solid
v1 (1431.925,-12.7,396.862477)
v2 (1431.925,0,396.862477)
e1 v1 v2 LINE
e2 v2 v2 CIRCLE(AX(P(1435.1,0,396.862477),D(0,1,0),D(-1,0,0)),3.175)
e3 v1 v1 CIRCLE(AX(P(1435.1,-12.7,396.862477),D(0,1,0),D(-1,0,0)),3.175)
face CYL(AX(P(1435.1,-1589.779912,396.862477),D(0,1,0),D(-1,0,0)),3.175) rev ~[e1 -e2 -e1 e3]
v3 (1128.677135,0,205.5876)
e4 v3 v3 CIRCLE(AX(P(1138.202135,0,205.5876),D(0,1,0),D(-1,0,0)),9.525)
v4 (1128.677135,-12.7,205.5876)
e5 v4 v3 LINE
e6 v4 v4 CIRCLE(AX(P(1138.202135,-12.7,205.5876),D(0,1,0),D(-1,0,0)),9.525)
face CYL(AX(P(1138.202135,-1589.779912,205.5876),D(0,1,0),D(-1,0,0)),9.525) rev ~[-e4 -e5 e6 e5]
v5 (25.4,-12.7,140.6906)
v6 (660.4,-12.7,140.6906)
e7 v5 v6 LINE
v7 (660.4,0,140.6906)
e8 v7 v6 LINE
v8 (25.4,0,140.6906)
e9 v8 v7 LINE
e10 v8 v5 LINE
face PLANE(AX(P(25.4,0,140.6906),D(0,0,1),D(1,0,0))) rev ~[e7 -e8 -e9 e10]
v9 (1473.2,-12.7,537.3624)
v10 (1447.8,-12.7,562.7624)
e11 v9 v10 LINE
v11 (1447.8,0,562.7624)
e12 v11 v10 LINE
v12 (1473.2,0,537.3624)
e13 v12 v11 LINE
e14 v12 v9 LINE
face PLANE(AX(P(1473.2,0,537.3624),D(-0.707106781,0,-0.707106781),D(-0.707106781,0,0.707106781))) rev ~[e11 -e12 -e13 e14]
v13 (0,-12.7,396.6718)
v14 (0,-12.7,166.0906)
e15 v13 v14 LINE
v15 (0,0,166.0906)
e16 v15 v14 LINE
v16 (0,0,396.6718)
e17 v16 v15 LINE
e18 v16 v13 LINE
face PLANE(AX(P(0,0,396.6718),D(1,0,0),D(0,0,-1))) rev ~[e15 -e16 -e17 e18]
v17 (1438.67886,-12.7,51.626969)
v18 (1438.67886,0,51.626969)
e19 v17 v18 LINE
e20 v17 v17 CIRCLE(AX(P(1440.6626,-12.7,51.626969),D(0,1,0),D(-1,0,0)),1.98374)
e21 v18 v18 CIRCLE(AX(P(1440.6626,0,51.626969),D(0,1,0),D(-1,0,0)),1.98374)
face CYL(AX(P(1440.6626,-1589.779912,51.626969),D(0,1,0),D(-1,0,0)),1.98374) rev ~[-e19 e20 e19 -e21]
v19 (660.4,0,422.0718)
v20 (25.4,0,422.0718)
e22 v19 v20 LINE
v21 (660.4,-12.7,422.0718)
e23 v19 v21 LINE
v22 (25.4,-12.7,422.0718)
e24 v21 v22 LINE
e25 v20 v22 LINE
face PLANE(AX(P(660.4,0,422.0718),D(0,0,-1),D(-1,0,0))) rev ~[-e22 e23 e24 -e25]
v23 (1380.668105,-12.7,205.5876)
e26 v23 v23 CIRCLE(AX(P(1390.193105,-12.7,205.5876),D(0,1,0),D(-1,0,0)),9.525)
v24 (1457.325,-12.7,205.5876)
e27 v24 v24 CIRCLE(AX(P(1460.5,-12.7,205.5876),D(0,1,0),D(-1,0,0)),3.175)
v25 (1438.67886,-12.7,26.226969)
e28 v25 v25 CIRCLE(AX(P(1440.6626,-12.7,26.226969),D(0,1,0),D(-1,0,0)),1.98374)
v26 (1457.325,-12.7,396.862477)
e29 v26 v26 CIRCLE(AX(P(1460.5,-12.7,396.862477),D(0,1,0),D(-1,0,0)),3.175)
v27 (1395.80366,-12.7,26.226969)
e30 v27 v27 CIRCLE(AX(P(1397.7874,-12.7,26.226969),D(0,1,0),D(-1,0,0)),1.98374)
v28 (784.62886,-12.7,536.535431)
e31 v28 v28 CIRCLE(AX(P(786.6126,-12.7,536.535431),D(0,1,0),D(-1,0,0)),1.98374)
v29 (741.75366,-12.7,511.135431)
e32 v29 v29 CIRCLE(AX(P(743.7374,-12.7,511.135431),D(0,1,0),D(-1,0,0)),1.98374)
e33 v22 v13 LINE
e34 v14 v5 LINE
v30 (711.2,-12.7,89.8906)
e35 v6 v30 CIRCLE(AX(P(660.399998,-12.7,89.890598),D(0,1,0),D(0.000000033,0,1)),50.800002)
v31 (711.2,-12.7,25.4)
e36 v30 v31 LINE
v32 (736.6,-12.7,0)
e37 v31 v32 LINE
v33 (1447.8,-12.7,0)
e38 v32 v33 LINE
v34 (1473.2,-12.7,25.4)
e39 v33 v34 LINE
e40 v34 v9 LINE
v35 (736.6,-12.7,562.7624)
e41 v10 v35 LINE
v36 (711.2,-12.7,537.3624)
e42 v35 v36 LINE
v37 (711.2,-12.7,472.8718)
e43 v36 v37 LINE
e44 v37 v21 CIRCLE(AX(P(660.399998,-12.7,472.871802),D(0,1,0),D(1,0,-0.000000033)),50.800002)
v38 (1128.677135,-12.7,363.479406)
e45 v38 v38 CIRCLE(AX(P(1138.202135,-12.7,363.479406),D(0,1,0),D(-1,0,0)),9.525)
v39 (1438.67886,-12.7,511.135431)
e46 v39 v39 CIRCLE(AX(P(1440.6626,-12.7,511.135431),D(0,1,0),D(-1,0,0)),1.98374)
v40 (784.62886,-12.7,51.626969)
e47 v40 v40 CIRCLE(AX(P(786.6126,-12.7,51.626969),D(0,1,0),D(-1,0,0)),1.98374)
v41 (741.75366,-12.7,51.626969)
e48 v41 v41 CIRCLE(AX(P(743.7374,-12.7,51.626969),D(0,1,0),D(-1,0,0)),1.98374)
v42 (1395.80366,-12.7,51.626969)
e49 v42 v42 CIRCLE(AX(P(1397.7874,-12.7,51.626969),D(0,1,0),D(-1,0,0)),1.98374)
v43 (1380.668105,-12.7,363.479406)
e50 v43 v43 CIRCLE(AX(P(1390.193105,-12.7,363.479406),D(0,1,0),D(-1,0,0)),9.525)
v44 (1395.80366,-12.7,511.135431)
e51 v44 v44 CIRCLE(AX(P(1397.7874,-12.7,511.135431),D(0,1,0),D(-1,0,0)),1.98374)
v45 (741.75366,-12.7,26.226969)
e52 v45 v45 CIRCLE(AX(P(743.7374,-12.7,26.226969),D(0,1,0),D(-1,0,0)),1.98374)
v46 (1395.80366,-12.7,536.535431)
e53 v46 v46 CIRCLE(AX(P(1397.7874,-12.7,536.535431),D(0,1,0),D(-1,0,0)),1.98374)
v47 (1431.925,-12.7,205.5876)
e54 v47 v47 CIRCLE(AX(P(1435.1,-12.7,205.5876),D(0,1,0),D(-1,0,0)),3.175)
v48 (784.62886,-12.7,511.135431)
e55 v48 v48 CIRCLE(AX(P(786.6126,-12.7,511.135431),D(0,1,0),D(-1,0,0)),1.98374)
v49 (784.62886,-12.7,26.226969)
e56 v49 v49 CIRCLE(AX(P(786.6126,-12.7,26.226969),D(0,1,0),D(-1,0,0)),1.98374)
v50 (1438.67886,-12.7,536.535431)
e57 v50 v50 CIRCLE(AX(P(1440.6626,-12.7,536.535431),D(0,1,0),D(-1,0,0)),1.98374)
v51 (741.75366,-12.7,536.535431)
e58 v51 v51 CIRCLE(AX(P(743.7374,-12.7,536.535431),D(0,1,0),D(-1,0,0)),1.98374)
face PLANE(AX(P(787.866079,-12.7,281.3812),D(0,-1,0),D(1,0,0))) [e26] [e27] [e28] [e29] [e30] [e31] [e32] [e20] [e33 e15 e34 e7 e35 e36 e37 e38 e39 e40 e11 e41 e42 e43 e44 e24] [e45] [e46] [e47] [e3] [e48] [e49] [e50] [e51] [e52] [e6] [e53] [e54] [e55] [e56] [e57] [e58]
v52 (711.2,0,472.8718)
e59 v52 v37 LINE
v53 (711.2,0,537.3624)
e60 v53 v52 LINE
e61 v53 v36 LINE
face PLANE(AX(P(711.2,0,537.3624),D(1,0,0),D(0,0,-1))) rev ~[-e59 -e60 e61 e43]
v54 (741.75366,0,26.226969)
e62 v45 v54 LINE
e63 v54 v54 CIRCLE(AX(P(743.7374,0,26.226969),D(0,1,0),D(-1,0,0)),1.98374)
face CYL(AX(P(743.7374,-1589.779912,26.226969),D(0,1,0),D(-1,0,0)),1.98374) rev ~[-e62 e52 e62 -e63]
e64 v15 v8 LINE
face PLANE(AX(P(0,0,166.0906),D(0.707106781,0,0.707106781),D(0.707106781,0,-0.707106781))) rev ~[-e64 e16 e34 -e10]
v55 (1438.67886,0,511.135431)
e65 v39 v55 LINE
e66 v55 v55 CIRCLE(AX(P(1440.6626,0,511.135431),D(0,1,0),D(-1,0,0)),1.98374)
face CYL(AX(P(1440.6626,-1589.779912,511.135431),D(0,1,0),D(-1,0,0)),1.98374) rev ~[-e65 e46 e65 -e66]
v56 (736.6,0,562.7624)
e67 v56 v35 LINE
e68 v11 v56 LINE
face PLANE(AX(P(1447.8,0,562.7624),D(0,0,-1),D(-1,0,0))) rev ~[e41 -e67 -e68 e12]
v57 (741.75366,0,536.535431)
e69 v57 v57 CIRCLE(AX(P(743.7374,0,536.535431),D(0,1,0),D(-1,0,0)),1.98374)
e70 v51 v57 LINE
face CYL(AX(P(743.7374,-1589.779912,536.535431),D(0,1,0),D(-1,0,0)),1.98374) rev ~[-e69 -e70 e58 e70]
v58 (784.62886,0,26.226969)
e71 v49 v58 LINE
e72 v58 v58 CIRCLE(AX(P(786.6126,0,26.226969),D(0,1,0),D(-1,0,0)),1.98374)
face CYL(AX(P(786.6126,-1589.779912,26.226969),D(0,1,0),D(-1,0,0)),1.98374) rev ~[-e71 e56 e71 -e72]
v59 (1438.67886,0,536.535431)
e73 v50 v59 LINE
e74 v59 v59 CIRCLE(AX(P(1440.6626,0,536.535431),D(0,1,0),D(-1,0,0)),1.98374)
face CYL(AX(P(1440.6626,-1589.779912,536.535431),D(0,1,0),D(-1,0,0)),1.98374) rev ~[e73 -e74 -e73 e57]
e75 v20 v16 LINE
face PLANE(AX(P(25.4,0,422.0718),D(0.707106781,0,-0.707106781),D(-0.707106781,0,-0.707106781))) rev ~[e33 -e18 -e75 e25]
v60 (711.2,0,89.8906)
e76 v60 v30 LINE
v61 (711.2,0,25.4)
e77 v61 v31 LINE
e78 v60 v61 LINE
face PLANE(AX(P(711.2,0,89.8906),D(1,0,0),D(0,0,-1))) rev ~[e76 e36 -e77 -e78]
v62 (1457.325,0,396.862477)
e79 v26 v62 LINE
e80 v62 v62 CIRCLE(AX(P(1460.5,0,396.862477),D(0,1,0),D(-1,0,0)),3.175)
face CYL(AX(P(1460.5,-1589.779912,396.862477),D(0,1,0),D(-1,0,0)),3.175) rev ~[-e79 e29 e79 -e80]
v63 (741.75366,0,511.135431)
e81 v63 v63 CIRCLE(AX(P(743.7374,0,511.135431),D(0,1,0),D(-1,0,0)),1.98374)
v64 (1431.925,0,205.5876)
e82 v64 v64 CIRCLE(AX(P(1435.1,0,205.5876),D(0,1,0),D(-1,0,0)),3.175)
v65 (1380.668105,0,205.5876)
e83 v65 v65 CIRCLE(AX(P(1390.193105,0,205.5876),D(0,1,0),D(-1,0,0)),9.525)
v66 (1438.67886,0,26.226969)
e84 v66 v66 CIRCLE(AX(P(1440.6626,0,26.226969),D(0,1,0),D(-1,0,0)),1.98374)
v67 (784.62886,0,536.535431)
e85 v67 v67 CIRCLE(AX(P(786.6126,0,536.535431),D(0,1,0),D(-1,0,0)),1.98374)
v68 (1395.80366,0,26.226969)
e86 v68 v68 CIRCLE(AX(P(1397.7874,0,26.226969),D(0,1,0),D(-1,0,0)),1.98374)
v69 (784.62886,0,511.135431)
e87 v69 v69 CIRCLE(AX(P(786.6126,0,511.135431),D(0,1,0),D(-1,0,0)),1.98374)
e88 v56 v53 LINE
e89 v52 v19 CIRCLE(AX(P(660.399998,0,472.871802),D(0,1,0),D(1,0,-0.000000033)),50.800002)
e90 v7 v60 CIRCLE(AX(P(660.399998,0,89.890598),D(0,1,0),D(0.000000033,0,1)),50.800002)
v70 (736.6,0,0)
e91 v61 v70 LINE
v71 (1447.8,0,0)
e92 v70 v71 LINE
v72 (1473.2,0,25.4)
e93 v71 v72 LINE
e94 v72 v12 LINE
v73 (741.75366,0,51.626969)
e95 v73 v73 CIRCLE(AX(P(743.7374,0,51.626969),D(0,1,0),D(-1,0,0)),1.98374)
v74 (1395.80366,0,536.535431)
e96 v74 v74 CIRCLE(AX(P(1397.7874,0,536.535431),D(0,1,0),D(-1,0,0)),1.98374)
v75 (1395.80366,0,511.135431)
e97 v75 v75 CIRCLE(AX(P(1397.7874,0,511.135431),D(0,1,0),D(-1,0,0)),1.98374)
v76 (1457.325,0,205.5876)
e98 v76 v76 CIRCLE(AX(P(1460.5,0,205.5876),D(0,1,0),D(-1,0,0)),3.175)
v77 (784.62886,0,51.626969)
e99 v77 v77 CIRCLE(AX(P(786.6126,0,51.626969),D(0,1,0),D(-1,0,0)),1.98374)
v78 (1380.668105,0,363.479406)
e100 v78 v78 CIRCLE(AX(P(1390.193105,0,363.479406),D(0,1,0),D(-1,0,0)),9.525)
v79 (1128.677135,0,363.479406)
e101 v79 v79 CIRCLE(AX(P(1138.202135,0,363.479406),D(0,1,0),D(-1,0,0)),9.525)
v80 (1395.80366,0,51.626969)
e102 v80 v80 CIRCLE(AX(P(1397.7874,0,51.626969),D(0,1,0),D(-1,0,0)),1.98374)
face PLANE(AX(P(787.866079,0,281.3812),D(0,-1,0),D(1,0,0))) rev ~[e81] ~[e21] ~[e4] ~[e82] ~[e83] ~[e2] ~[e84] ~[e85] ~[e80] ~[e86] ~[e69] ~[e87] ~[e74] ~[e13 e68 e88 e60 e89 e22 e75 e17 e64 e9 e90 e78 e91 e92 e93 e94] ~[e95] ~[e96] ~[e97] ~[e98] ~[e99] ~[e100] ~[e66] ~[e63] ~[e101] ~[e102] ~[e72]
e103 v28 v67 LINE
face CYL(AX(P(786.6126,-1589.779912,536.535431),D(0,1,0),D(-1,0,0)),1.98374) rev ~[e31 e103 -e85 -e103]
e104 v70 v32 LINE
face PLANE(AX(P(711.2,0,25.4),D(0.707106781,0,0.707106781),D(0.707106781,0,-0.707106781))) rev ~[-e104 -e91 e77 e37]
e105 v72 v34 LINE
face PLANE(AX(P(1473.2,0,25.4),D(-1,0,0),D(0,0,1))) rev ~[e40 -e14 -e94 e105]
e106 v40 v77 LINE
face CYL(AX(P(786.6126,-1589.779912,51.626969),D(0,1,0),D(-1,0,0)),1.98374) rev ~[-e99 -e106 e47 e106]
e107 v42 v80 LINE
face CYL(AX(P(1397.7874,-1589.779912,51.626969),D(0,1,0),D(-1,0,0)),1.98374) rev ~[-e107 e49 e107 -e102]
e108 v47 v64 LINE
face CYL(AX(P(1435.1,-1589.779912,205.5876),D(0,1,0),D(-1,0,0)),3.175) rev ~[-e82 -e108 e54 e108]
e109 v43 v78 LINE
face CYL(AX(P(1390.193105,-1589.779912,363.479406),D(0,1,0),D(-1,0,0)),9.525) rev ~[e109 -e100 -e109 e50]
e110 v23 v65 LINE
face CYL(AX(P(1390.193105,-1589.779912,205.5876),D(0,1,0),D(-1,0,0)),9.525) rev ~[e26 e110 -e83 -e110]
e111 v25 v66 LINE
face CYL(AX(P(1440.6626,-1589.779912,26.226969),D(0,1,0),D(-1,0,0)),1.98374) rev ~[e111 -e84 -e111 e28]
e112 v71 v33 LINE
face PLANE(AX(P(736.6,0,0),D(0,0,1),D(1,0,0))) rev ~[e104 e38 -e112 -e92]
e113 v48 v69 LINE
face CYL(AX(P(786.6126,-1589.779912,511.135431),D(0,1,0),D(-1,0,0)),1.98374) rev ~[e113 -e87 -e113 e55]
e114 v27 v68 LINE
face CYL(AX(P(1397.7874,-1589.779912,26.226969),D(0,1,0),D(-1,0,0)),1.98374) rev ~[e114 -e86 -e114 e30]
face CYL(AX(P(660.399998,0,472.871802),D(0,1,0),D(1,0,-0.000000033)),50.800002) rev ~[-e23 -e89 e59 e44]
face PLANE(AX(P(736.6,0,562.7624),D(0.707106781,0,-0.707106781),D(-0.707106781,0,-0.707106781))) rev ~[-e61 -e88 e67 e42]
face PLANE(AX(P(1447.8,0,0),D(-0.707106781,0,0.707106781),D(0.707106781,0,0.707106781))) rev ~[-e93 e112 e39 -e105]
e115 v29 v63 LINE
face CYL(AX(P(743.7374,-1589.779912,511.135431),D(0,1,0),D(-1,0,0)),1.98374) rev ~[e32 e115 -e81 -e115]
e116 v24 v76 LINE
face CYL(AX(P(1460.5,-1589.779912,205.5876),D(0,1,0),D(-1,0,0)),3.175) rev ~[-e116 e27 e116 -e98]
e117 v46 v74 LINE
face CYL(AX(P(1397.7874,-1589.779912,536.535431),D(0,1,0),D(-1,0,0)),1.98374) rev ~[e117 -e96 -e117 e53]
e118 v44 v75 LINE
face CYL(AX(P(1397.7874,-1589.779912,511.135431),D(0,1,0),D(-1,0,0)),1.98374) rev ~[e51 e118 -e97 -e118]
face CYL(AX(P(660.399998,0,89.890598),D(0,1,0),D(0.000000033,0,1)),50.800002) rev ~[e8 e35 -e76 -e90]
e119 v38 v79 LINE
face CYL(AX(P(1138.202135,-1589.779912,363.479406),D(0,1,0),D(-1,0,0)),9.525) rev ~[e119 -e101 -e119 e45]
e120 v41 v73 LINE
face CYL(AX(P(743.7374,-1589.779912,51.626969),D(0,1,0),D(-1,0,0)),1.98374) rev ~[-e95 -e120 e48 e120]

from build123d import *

# Parameters (mm, degrees)
F1_DEPTH = 12.7
F3_D     = 19.05
F5_D     = 6.35
F7_D     = 3.96748


with BuildPart() as f1:
    # F0 (on Front) → F1 (new body)
    with BuildSketch(Plane.XZ):
        with BuildLine():
            Line((711.2, 25.4), (736.6, 0))
            Line((736.6, 0), (1447.8, 0))
            Line((1447.8, 0), (1473.2, 25.4))
            Line((1473.2, 25.4), (1473.2, 537.3624))
            Line((1473.2, 537.3624), (1447.8, 562.7624))
            Line((1447.8, 562.7624), (736.6, 562.7624))
            Line((736.6, 562.7624), (711.2, 537.3624))
            Line((711.2, 537.3624), (711.2, 472.8718))
            ThreePointArc((711.2, 472.8718), (696.321024, 436.950776), (660.4, 422.0718))
            Line((660.4, 422.0718), (25.4, 422.0718))
            Line((25.4, 422.0718), (0, 396.6718))
            Line((0, 396.6718), (0, 166.0906))
            Line((0, 166.0906), (25.4, 140.6906))
            Line((25.4, 140.6906), (660.4, 140.6906))
            ThreePointArc((660.4, 140.6906), (696.321024, 125.811624), (711.2, 89.8906))
            Line((711.2, 89.8906), (711.2, 25.4))
        make_face()
    extrude(amount=F1_DEPTH)

    # F3 (through all)
    with Locations(Plane.XZ.offset(12.7)):
        with Locations((1138.202135, 363.479406), (1138.202135, 205.5876), (1390.193105, 205.5876), (1390.193105, 363.479406)):
            Hole(F3_D / 2)

    # F5 (through all)
    with Locations(Plane.XZ.offset(12.7)):
        with Locations((1435.1, 396.862477), (1460.5, 396.862477), (1435.1, 205.5876), (1460.5, 205.5876)):
            Hole(F5_D / 2)

    # F7 (through all)
    with Locations(Plane.XZ.offset(12.7)):
        with Locations((743.7374, 536.535431), (743.7374, 511.135431), (786.6126, 511.135431), (786.6126, 536.535431), (743.7374, 26.226969), (743.7374, 51.626969), (786.6126, 51.626969), (786.6126, 26.226969), (1397.7874, 26.226969), (1397.7874, 51.626969), (1440.6626, 26.226969), (1440.6626, 51.626969), (1397.7874, 511.135431), (1397.7874, 536.535431), (1440.6626, 536.535431), (1440.6626, 511.135431)):
            Hole(F7_D / 2)


solid = f1.part
